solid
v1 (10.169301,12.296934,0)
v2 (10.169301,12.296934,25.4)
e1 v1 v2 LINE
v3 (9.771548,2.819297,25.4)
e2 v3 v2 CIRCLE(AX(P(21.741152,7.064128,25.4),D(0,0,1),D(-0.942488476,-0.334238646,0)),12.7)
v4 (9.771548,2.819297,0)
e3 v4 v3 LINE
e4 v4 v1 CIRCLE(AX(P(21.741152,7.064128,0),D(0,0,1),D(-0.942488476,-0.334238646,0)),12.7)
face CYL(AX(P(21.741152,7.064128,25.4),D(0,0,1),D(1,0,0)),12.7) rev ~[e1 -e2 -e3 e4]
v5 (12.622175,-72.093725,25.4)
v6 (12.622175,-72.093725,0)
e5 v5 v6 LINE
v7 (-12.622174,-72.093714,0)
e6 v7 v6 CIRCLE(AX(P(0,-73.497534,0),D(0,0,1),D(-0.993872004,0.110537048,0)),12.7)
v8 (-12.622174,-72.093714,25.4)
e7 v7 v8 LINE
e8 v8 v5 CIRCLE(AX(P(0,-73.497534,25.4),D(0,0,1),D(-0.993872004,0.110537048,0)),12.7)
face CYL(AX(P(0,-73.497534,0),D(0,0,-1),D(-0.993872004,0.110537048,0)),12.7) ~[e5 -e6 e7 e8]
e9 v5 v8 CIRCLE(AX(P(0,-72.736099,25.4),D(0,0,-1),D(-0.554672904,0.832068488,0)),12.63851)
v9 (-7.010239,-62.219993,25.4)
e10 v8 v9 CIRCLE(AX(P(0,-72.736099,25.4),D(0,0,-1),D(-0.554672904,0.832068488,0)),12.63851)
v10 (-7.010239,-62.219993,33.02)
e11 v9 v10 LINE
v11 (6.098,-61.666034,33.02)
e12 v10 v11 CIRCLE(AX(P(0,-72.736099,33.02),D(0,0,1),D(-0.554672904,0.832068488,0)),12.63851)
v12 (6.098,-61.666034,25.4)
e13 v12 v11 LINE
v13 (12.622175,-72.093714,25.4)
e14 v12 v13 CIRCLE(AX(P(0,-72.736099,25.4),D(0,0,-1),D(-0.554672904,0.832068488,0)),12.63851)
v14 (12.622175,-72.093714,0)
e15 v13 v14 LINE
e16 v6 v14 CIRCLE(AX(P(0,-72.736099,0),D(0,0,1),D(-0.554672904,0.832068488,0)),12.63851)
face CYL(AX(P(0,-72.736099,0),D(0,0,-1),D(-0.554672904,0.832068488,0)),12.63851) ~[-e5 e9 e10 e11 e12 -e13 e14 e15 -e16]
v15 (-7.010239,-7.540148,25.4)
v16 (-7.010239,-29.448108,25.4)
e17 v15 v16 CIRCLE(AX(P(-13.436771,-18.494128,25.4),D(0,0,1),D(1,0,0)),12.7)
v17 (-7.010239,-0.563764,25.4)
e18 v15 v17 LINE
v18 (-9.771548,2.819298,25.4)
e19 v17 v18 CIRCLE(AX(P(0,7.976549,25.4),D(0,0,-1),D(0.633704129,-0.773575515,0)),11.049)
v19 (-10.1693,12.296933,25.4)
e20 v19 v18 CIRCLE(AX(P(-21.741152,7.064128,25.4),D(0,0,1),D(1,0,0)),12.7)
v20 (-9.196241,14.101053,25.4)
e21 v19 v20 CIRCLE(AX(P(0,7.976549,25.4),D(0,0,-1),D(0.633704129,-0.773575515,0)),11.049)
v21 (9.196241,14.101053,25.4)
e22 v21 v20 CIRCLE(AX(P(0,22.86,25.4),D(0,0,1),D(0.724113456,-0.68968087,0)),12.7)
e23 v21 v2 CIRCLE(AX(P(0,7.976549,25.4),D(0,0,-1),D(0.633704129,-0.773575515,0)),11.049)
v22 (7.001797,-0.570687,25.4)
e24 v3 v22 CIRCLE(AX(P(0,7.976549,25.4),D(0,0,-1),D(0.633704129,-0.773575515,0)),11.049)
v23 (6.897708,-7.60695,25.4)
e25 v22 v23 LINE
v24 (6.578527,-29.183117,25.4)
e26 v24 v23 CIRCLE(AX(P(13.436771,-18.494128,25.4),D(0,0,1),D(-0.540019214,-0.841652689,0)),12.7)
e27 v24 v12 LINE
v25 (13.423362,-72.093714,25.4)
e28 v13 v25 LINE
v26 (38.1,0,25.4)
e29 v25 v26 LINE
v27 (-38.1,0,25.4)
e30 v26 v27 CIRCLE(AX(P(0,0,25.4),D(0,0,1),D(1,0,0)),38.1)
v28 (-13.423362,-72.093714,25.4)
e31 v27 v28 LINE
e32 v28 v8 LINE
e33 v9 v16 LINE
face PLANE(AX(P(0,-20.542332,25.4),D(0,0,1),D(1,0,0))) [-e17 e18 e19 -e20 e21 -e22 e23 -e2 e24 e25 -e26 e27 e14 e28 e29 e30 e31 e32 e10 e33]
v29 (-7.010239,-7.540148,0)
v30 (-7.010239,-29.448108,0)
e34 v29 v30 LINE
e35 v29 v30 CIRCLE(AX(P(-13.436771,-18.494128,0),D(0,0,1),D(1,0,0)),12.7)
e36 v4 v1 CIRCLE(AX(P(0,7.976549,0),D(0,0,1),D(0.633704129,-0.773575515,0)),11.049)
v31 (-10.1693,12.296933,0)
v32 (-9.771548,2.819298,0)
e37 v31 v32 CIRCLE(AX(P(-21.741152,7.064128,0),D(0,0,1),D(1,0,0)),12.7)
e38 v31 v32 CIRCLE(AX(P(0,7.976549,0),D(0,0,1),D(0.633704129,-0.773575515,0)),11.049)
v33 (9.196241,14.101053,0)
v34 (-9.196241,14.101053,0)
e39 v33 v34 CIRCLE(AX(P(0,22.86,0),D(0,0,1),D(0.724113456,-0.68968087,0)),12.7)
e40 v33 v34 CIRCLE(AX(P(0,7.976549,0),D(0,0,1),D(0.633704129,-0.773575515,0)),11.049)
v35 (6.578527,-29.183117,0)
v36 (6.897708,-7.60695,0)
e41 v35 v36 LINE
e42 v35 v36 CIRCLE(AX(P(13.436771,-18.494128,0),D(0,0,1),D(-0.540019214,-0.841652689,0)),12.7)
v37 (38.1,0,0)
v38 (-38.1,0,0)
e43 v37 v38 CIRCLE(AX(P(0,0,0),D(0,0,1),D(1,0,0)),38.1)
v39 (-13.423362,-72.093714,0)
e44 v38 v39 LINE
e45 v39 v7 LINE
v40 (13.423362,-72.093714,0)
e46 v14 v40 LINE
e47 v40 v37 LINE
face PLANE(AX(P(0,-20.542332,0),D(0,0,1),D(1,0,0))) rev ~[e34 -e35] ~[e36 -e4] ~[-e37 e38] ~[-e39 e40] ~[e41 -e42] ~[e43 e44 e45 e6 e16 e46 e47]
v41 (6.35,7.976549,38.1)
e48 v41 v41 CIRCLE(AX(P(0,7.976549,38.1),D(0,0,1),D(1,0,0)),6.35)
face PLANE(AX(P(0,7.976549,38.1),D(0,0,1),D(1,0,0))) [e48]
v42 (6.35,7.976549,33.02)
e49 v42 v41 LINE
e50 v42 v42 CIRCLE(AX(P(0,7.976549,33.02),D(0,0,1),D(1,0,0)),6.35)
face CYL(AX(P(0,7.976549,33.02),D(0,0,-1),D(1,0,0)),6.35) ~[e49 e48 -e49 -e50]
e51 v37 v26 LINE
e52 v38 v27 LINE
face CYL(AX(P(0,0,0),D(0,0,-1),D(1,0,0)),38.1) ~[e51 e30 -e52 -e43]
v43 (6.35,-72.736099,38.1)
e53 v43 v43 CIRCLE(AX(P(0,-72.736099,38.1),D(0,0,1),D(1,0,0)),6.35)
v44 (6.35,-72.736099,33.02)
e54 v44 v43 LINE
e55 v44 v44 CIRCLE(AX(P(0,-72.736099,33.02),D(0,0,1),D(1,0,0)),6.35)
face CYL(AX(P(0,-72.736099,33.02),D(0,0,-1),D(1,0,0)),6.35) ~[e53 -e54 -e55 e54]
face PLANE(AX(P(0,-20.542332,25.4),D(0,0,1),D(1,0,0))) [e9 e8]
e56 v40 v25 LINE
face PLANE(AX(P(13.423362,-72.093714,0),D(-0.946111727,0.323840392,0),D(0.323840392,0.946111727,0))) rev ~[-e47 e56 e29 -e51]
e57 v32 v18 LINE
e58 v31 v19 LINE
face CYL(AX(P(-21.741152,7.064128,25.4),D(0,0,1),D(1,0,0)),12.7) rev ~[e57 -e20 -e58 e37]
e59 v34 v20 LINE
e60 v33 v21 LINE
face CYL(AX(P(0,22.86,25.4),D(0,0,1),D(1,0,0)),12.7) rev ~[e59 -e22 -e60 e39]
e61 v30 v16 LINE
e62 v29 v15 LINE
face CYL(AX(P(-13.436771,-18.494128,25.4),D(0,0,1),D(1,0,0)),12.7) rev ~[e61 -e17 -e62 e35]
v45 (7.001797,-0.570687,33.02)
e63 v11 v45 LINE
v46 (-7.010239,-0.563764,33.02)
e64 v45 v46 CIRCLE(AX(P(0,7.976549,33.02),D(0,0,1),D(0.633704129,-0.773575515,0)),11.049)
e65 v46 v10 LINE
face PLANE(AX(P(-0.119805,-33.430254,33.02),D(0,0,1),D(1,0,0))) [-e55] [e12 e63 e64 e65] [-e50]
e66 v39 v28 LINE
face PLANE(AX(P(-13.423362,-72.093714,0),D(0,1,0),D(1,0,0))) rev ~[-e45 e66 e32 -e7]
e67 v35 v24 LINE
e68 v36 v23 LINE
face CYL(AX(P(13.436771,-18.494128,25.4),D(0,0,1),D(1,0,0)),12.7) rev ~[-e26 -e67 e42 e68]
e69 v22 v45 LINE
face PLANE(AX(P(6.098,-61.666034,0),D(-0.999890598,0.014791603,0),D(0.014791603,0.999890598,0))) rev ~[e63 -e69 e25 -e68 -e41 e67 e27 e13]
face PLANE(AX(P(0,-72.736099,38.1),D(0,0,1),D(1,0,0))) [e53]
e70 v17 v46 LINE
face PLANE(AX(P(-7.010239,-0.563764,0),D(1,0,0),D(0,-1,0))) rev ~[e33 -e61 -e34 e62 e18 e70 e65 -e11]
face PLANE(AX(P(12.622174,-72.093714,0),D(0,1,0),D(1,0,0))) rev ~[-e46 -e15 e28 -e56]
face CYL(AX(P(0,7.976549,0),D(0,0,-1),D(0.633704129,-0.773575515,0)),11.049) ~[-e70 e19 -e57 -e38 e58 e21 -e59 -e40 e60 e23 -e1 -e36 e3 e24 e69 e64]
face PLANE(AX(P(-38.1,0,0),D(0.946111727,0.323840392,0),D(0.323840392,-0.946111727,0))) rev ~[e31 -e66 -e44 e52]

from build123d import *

# Parameters (mm, degrees)
F1_DEPTH  = 25.4
F2_R      = 12.7
F3_DEPTH  = 25.4
F4_R      = 12.7
F5_DEPTH  = 25.4
F6_DEPTH  = 25.4
F8_DEPTH  = 33.02
F9_R      = 6.35
F10_DEPTH = 5.08


with BuildPart() as f1:
    # F0 (on Top) → F1 (new body)
    with BuildSketch(Plane.XY):
        with BuildLine():
            Line((13.423362, -72.093714), (38.1, 0))
            ThreePointArc((38.1, 0), (0, 38.1), (-38.1, 0))
            Line((-38.1, 0), (-13.423362, -72.093714))
            Line((-13.423362, -72.093714), (-12.7, -72.093714))
            Line((-12.7, -72.093714), (-12.622174, -72.093714))
            ThreePointArc((-12.622174, -72.093714), (0, -86.197534), (12.622174, -72.093714))
            Line((12.622174, -72.093714), (12.7, -72.093714))
            Line((12.7, -72.093714), (13.423362, -72.093714))
        make_face()
    extrude(amount=F1_DEPTH)

    # F2 (on face) → F3 (cut)
    with BuildSketch(Plane.XY.offset(25.4)):
        with Locations((0, 22.86)):
            Circle(F2_R)
    extrude(amount=-F3_DEPTH, mode=Mode.SUBTRACT)

    # F4 (on face) → F5 (cut)
    with BuildSketch(Plane.XY.offset(25.4)):
        with Locations((-21.741152, 7.064128)):
            Circle(F4_R)
    extrude(amount=-F5_DEPTH, mode=Mode.SUBTRACT)

    # F4 (on face) → F6 (cut)
    with BuildSketch(Plane.XY.offset(25.4)):
        with Locations((0, 22.86)):
            Circle(F4_R)
        with Locations((-21.741152, 7.064128)):
            Circle(F4_R)
        with Locations((-13.436771, -18.494128)):
            Circle(F4_R)
        with Locations((13.436771, -18.494128)):
            Circle(F4_R)
        with Locations((21.741152, 7.064128)):
            Circle(F4_R)
    extrude(amount=-F6_DEPTH, mode=Mode.SUBTRACT)

    # F7 (on Top) → F8 (join)
    with BuildSketch(Plane.XY):
        with BuildLine():
            Line((-7.010239, -0.563764), (-7.010239, -62.219993))
            ThreePointArc((-7.010239, -62.219993), (0.533631, -85.363339), (6.098, -61.666034))
            Line((6.098, -61.666034), (7.001797, -0.570687))
            ThreePointArc((7.001797, -0.570687), (0.005459, 19.025547), (-7.010239, -0.563764))
        make_face()
    extrude(amount=F8_DEPTH)

    # F9 (on face) → F10 (join)
    with BuildSketch(Plane.XY.offset(33.02)):
        with Locations((0, 7.976549)):
            Circle(F9_R)
        with Locations((0, -72.736099)):
            Circle(F9_R)
    extrude(amount=F10_DEPTH)


solid = f1.part
